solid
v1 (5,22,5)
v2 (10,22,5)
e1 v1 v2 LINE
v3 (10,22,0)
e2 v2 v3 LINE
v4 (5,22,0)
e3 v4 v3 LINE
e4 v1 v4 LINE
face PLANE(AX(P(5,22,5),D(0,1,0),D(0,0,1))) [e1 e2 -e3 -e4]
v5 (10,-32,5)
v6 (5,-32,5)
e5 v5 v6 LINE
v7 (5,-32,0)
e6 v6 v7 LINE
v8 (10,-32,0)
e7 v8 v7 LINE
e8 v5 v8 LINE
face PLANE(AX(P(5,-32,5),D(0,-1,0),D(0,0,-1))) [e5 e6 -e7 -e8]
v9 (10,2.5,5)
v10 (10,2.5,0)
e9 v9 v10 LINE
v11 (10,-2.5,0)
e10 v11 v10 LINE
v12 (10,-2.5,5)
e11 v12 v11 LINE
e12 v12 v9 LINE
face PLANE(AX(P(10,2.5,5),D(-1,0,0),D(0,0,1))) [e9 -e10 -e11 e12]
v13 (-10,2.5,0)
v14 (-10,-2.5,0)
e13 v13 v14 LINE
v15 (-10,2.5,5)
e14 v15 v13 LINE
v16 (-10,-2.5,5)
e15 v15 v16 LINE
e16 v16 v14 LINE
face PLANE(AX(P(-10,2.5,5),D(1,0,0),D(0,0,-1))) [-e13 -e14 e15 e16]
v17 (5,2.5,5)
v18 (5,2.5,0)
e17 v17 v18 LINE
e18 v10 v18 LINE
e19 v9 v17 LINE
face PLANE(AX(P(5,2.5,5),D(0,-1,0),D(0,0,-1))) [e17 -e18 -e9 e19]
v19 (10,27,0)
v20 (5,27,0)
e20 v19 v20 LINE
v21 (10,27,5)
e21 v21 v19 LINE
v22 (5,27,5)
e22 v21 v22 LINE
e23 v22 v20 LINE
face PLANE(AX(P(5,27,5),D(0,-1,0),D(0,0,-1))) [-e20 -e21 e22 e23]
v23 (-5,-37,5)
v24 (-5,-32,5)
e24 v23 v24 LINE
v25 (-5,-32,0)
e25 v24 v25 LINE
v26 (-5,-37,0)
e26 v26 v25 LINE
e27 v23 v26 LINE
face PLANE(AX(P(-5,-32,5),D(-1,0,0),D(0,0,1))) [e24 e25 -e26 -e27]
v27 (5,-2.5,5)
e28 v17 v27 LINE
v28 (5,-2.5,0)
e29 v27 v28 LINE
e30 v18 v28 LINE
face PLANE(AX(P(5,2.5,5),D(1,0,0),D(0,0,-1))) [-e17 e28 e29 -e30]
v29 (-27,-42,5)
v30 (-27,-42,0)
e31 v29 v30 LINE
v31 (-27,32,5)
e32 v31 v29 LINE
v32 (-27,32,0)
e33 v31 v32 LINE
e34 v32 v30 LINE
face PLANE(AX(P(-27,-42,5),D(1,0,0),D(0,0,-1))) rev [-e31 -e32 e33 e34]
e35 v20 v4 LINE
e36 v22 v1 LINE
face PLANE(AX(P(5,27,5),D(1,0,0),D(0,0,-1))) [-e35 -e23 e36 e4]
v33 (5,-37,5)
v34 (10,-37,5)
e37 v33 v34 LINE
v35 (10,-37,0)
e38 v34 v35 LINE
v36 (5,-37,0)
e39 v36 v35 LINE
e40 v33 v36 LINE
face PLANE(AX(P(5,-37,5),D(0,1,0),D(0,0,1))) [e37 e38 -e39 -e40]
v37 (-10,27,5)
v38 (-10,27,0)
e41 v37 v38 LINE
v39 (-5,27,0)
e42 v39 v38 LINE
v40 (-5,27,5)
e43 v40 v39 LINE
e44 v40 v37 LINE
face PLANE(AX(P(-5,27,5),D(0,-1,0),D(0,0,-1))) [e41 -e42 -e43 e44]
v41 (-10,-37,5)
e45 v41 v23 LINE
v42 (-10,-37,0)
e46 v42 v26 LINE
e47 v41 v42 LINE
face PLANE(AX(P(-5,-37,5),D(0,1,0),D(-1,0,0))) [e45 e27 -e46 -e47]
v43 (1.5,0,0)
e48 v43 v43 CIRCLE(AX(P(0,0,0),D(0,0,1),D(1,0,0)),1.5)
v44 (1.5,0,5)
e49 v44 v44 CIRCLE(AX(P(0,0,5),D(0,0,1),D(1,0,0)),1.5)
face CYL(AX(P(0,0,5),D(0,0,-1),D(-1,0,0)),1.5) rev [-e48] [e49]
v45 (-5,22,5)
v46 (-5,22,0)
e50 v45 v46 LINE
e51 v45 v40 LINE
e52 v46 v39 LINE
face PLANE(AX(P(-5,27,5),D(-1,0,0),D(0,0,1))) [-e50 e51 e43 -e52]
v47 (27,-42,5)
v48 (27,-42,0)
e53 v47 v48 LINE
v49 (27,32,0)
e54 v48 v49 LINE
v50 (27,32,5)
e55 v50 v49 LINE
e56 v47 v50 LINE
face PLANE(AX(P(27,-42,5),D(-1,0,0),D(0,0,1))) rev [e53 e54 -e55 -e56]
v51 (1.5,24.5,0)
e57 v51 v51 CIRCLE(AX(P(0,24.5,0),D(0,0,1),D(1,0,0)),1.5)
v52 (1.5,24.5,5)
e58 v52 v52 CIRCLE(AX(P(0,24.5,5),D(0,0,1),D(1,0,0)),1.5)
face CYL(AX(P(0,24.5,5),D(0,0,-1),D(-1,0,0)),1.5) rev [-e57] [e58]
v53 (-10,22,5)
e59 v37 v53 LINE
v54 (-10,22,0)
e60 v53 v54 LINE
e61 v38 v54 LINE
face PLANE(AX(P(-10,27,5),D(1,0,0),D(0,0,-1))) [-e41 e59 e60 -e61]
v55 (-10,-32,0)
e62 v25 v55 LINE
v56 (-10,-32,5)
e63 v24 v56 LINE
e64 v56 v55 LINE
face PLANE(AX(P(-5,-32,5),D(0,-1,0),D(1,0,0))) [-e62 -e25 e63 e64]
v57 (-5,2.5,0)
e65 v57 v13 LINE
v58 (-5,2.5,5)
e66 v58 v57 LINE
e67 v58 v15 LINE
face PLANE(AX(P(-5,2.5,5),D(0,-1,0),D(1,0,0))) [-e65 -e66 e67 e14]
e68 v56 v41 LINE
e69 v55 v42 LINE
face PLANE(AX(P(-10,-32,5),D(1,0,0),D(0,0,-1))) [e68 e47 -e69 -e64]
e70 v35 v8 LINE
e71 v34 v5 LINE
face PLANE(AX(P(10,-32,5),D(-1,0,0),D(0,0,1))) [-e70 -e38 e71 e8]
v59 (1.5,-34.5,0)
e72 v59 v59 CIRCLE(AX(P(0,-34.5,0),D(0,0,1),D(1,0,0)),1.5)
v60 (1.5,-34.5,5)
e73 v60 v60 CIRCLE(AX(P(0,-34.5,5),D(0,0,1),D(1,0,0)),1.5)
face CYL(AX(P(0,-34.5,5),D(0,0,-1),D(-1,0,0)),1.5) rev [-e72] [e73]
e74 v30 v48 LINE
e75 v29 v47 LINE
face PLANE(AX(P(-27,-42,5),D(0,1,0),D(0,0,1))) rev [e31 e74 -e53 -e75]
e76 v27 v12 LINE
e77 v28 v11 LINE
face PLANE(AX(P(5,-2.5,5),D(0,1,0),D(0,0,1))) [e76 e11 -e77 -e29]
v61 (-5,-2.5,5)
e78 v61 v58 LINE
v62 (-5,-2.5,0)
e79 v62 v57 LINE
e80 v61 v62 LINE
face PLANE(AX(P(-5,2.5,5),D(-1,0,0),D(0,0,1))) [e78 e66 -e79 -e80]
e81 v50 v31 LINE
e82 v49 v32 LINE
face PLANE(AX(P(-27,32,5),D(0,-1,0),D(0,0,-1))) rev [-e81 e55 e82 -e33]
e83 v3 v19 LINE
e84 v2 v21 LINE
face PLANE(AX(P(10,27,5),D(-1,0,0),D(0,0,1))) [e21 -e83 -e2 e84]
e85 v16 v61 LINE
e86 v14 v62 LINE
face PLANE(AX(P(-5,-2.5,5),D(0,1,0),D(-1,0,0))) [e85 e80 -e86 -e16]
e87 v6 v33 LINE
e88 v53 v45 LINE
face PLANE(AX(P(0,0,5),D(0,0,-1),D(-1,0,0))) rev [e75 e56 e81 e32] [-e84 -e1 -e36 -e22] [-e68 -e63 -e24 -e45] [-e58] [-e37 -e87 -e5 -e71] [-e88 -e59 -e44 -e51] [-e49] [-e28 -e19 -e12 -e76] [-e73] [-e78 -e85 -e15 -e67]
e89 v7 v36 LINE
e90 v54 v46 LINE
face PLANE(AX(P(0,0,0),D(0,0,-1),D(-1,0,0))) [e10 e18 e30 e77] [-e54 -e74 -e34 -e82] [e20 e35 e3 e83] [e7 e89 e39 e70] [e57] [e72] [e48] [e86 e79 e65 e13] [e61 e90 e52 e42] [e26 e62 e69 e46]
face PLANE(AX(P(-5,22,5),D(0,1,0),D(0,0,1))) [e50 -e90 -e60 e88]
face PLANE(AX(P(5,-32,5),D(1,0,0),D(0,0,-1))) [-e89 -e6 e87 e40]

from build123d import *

# Parameters (mm, degrees)
SKETCH1_W           = 54
SKETCH1_H           = 74
SKETCH1_R           = 1.5
SKETCH1_W_2         = 5
SKETCH1_H_2         = 5
BOSS_EXTRUDE1_DEPTH = 5


with BuildPart() as part:
    # Sketch1 → Boss-Extrude1 (new body)
    with BuildSketch(Plane.XY):
        with Locations((0, -5)):
            Rectangle(SKETCH1_W, SKETCH1_H)
        Circle(SKETCH1_R, mode=Mode.SUBTRACT)
        with Locations((0, 24.5)):
            Circle(SKETCH1_R, mode=Mode.SUBTRACT)
        with Locations((0, -34.5)):
            Circle(SKETCH1_R, mode=Mode.SUBTRACT)
        with Locations((-7.5, 0)):
            Rectangle(SKETCH1_W_2, SKETCH1_H_2, mode=Mode.SUBTRACT)
        with Locations((7.5, 0)):
            Rectangle(SKETCH1_W_2, SKETCH1_H_2, mode=Mode.SUBTRACT)
        with Locations((-7.5, 24.5)):
            Rectangle(SKETCH1_W_2, SKETCH1_H_2, mode=Mode.SUBTRACT)
        with Locations((7.5, 24.5)):
            Rectangle(SKETCH1_W_2, SKETCH1_H_2, mode=Mode.SUBTRACT)
        with Locations((-7.5, -34.5)):
            Rectangle(SKETCH1_W_2, SKETCH1_H_2, mode=Mode.SUBTRACT)
        with Locations((7.5, -34.5)):
            Rectangle(SKETCH1_W_2, SKETCH1_H_2, mode=Mode.SUBTRACT)
    extrude(amount=BOSS_EXTRUDE1_DEPTH)


solid = part.part
